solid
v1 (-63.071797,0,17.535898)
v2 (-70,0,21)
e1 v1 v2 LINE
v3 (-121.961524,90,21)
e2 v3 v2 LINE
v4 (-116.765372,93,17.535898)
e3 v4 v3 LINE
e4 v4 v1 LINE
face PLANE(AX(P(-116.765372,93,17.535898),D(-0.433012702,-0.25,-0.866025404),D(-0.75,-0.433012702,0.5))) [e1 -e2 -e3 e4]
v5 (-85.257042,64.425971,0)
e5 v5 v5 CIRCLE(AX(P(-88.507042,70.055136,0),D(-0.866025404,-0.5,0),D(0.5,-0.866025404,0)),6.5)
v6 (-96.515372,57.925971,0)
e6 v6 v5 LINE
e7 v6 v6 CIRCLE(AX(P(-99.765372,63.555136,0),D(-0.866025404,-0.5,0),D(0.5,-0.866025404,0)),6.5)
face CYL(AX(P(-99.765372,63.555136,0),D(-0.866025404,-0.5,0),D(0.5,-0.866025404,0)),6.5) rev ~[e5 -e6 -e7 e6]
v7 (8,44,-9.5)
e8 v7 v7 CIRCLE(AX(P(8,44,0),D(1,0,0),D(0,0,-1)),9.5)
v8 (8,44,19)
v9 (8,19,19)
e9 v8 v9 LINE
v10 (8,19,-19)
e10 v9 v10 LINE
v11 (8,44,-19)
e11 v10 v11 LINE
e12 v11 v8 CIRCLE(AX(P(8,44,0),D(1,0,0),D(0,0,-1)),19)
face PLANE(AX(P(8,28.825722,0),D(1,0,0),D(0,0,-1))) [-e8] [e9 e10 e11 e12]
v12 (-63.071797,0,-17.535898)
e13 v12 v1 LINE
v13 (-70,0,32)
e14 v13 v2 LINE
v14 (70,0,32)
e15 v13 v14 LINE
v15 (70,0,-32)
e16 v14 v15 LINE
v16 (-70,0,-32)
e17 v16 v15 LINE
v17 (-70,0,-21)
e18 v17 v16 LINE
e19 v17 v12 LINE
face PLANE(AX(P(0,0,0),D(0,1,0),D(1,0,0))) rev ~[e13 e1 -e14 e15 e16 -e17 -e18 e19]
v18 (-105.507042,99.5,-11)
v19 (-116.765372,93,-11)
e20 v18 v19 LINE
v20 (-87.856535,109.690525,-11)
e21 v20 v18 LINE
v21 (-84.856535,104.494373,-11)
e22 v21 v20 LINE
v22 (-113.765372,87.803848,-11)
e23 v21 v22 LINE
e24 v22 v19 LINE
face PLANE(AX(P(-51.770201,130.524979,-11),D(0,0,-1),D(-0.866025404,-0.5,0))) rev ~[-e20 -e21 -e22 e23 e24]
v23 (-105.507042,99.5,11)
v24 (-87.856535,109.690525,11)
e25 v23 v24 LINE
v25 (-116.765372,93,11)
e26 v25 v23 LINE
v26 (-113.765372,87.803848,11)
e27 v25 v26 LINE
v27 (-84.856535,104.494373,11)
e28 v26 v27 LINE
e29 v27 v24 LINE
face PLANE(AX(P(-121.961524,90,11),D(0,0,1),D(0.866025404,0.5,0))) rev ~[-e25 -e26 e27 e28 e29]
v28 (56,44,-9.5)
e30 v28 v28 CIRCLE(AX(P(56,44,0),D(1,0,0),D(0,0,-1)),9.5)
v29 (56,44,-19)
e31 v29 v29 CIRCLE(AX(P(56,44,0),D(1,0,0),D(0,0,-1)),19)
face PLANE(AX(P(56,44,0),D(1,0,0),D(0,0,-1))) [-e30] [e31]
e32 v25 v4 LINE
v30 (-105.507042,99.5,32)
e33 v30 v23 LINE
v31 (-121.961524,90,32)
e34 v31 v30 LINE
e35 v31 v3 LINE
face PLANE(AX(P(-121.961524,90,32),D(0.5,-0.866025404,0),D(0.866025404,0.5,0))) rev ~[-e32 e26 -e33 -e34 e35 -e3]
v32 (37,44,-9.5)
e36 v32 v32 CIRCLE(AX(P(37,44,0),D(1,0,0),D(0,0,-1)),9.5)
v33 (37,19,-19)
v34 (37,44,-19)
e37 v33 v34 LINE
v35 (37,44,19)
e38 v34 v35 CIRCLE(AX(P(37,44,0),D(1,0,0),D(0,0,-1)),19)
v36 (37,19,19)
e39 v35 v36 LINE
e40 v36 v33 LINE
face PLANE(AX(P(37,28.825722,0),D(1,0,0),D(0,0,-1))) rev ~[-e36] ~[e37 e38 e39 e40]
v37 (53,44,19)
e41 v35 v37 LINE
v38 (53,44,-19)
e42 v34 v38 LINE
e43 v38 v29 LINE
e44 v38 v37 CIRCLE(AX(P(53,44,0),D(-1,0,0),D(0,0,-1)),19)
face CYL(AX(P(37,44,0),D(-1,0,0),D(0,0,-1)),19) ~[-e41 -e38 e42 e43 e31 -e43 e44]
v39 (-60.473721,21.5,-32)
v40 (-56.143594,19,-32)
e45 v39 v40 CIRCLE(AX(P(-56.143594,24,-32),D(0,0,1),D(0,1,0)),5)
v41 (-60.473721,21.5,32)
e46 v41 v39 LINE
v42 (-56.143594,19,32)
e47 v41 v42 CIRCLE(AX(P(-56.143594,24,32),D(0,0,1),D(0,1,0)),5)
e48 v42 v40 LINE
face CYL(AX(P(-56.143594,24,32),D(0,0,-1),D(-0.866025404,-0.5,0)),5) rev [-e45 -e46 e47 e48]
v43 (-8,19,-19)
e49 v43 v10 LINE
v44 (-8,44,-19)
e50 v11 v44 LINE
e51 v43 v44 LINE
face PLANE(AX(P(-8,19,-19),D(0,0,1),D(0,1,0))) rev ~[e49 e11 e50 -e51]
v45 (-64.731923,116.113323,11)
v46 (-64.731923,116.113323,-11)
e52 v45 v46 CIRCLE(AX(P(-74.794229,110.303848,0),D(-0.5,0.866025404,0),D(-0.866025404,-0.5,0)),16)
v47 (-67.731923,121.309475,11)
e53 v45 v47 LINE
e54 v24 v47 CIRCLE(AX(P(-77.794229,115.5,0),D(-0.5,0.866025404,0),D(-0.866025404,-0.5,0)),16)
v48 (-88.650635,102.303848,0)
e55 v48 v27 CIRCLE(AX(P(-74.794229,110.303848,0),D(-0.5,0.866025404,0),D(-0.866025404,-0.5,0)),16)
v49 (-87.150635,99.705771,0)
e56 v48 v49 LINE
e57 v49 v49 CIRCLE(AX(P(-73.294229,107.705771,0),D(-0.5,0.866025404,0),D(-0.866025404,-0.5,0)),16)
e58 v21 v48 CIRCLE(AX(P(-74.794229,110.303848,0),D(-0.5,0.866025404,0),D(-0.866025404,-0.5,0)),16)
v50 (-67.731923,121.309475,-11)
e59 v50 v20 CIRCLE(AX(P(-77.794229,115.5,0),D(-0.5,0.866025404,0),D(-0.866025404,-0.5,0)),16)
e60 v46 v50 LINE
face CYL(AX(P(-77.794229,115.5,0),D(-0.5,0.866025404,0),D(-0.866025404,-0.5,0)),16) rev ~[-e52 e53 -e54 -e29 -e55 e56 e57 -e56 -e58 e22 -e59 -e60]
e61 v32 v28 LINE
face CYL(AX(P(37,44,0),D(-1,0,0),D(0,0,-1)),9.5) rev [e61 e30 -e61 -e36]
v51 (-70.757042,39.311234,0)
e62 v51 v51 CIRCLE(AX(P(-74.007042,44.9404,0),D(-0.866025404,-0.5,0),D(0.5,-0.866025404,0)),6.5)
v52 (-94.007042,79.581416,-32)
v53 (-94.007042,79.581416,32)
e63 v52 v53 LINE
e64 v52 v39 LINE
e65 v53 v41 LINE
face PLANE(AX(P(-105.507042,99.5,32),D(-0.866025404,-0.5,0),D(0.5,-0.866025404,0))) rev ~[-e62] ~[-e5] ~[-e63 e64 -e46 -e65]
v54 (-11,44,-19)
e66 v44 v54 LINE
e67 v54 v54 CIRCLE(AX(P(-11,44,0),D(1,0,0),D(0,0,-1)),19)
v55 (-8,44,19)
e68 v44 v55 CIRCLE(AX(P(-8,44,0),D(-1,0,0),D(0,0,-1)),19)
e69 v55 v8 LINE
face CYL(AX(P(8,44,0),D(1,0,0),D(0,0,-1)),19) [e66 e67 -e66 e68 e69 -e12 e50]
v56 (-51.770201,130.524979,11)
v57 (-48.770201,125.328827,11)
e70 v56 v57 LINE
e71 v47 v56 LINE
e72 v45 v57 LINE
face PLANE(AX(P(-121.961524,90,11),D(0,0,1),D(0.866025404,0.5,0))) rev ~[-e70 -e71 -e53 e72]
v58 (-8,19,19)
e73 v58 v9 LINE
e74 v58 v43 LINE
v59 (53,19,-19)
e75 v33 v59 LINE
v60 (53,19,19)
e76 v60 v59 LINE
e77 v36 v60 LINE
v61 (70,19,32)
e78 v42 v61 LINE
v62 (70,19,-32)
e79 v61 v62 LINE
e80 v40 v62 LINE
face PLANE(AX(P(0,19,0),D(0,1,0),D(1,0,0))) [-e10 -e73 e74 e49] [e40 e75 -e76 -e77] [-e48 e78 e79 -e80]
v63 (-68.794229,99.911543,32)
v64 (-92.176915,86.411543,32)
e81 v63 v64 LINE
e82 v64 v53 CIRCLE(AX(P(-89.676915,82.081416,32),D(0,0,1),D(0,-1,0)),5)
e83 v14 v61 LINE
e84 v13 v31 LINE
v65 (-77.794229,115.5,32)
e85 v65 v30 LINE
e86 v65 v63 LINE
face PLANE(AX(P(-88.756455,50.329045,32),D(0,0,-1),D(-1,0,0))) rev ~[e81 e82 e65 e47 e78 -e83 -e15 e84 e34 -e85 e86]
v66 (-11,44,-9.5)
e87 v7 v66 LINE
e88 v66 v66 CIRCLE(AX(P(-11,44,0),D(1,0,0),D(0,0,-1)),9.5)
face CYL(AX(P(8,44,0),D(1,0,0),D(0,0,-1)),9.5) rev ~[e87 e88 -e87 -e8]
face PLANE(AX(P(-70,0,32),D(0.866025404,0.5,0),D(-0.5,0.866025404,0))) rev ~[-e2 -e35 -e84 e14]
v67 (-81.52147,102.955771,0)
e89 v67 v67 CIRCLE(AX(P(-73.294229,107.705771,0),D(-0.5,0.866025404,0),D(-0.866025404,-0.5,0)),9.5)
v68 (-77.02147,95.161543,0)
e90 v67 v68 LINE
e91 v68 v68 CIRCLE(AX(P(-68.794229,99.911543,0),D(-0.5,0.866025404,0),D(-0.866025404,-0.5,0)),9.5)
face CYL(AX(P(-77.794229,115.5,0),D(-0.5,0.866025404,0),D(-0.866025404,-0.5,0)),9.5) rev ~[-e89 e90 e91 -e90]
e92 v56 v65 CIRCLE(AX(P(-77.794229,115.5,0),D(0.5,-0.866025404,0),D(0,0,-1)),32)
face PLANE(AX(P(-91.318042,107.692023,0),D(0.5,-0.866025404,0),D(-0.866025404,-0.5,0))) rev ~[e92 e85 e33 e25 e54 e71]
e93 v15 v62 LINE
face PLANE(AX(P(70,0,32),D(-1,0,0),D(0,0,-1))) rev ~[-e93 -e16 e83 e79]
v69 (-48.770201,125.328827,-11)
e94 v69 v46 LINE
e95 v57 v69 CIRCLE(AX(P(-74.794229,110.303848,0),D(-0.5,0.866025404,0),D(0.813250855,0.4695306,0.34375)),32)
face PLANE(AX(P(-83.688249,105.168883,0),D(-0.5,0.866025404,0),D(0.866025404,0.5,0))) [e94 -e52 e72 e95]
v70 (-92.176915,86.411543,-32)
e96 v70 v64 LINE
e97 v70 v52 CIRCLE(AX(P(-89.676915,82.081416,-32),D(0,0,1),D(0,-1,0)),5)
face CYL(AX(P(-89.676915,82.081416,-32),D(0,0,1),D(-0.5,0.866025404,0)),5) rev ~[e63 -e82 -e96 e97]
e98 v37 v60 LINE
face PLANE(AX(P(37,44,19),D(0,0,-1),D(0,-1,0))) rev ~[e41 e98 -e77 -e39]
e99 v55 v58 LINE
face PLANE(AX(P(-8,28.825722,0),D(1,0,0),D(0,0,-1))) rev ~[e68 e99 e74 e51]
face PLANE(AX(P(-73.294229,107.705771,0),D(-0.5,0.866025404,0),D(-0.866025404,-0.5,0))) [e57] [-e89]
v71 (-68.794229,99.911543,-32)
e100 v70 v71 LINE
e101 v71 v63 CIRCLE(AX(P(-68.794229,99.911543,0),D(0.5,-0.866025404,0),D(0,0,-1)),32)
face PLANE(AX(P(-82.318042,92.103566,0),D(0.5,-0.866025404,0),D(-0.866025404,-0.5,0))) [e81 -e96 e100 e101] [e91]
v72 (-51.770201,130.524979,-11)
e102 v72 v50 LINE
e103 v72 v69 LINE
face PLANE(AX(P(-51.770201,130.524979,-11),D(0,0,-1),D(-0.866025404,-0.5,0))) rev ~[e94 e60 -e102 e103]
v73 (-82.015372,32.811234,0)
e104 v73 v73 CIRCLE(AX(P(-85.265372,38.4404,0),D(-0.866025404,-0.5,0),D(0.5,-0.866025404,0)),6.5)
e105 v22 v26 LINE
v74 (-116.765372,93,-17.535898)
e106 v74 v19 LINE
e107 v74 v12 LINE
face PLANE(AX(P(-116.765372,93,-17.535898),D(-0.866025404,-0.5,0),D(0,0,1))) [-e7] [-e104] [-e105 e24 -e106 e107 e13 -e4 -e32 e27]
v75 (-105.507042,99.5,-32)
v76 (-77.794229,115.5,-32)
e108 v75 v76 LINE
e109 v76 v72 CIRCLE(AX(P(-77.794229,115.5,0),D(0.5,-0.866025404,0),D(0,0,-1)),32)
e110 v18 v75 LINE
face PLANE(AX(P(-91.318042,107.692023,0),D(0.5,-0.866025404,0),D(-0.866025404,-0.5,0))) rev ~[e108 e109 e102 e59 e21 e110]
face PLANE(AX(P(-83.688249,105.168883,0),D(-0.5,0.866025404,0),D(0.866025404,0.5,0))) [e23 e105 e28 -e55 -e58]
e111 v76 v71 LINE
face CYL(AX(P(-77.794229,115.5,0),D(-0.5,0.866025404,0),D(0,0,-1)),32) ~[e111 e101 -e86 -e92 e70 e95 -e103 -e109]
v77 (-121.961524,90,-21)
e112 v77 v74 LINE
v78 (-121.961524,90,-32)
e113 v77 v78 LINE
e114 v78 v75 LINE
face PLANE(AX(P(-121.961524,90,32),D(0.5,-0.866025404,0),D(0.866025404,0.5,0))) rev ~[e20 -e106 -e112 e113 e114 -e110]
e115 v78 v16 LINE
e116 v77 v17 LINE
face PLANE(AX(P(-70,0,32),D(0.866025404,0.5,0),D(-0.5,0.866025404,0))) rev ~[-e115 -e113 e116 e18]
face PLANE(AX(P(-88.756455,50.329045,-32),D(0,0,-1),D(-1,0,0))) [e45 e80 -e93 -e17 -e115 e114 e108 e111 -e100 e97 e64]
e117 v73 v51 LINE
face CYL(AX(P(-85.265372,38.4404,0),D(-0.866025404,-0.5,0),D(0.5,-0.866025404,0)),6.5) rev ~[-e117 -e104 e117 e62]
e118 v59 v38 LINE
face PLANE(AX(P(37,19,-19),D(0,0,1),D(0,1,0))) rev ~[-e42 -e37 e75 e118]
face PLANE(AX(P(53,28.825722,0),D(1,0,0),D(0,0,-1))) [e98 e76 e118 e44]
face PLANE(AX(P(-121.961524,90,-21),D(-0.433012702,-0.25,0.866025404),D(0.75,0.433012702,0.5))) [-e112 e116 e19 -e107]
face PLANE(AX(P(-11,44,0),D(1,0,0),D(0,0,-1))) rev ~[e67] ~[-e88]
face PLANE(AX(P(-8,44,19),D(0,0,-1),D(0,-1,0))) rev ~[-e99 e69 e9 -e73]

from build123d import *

# Parameters (mm, degrees)
CROQUIS1_W              = 140
CROQUIS1_H              = 64
SALIENTE_EXTRUIR1_DEPTH = 19
CROQUIS2_R              = 19
CROQUIS2_R_2            = 9.5
SALIENTE_EXTRUIR2_DEPTH = 19
SALIENTE_EXTRUIR3_DEPTH = 16
CROQUIS5_R              = 19
CROQUIS5_R_2            = 9.5
SALIENTE_EXTRUIR4_DEPTH = 19
SALIENTE_EXTRUIR5_START = -16
SALIENTE_EXTRUIR5_DEPTH = 16
SALIENTE_EXTRUIR6_DEPTH = 64
SALIENTE_EXTRUIR9_DEPTH = 18
CROQUIS14_R             = 16
CORTAR_EXTRUIR1_DEPTH   = 9
CROQUIS16_R             = 9.5
CORTAR_EXTRUIR2_DEPTH   = 19
CORTAR_EXTRUIR3_DEPTH   = 6
CORTAR_EXTRUIR4_DEPTH   = 187.944448389
CROQUIS19_R             = 6.5
CORTAR_EXTRUIR5_DEPTH   = 200.23943884
REDONDEO1_R             = 5


with BuildPart() as part:
    # Croquis1 → Saliente-Extruir1 (new body)
    with BuildSketch(Plane(origin=(0, 0, 0), x_dir=(1, 0, 0), z_dir=(0, 1, 0))):
        Rectangle(CROQUIS1_W, CROQUIS1_H)
    extrude(amount=SALIENTE_EXTRUIR1_DEPTH)



with BuildPart() as body_2:
    # Croquis2 → Saliente-Extruir2 (new body)
    with BuildSketch(Plane(origin=(37, 0, 0), x_dir=(0, 0, -1), z_dir=(1, 0, 0))):
        with Locations((0, 44)):
            Circle(CROQUIS2_R)
        with Locations((0, 44)):
            Circle(CROQUIS2_R_2, mode=Mode.SUBTRACT)
    extrude(amount=SALIENTE_EXTRUIR2_DEPTH)


with BuildPart() as part_1:
    add(part.part)

    add(body_2.part)  # Saliente-Extruir3 merges body 2
    # Croquis4 → Saliente-Extruir3 (add)
    with BuildSketch(Plane(origin=(37, 0, 0), x_dir=(0, 0, -1), z_dir=(1, 0, 0))):
        with BuildLine():
            ThreePointArc((19, 44), (0, 25), (-19, 44))
            Line((-19, 44), (-19, 19))
            Line((-19, 19), (19, 19))
            Line((19, 19), (19, 44))
        make_face()
    extrude(amount=SALIENTE_EXTRUIR3_DEPTH)



with BuildPart() as body_2_2:
    # Croquis5 → Saliente-Extruir4 (new body)
    with BuildSketch(Plane(origin=(8, 0, 0), x_dir=(0, 0, -1), z_dir=(1, 0, 0))):
        with Locations((0, 44)):
            Circle(CROQUIS5_R)
        with Locations((0, 44)):
            Circle(CROQUIS5_R_2, mode=Mode.SUBTRACT)
    extrude(amount=-SALIENTE_EXTRUIR4_DEPTH)


with BuildPart() as part_2:
    add(part_1.part)

    add(body_2_2.part)  # Saliente-Extruir5 merges body 2 2
    # Croquis6 → Saliente-Extruir5 (add)
    with BuildSketch(Plane(origin=(8, 0, 0), x_dir=(0, 0, -1), z_dir=(1, 0, 0)).offset(SALIENTE_EXTRUIR5_START)):
        with BuildLine():
            Line((19, 19), (19, 44))
            ThreePointArc((19, 44), (0, 25), (-19, 44))
            Line((-19, 44), (-19, 19))
            Line((-19, 19), (19, 19))
        make_face()
    extrude(amount=SALIENTE_EXTRUIR5_DEPTH)

    # Croquis7 → Saliente-Extruir6 (add)
    with BuildSketch(Plane.XY.offset(32)):
        Polygon((-70, 0), (-121.961524227, 90), (-105.507041555, 99.5), (-59.030344885, 19), (-70, 19), align=None)
    extrude(amount=-SALIENTE_EXTRUIR6_DEPTH)

    # Croquis9 → Saliente-Extruir9 (add)
    with BuildSketch(Plane(origin=(-69.461524227, 120.310889132, 0), x_dir=(0.8660254037844397, 0.4999999999999982, 0), z_dir=(-0.4999999999999983, 0.8660254037844398, 0))):
        with BuildLine():
            Line((-60.621778265, 32), (-9.621778265, 32))
            ThreePointArc((-9.621778265, 32), (22.378221735, 0), (-9.621778265, -32))
            Line((-9.621778265, -32), (-60.621778265, -32))
            Line((-60.621778265, -32), (-60.621778265, 32))
        make_face()
    extrude(amount=-SALIENTE_EXTRUIR9_DEPTH)

    # Croquis14 → Cortar-Extruir1 (cut)
    with BuildSketch(Plane(origin=(-69.461524227, 120.310889132, 0), x_dir=(0.8660254037844397, 0.4999999999999982, 0), z_dir=(-0.4999999999999983, 0.8660254037844398, 0))):
        with Locations(Location((-9.621778265, 0, 0), (0, 0, 180))):
            Circle(CROQUIS14_R)
    extrude(amount=-CORTAR_EXTRUIR1_DEPTH, mode=Mode.SUBTRACT)

    # Croquis16 → Cortar-Extruir2 (cut)
    with BuildSketch(Plane(origin=(-69.461524227, 120.310889132, 0), x_dir=(0.8660254037844397, 0.4999999999999982, 0), z_dir=(-0.4999999999999983, 0.8660254037844398, 0))):
        with Locations(Location((-9.621778265, 0, 0), (0, 0, 180))):
            Circle(CROQUIS16_R)
    extrude(amount=-CORTAR_EXTRUIR2_DEPTH, mode=Mode.SUBTRACT)

    # Croquis17 → Cortar-Extruir3 (cut)
    with BuildSketch(Plane(origin=(-69.461524227, 120.310889132, 0), x_dir=(0.8660254037844397, 0.4999999999999982, 0), z_dir=(-0.4999999999999983, 0.8660254037844398, 0))):
        with BuildLine():
            Line((-60.621778265, -11), (20.428180138, -11))
            ThreePointArc((20.428180138, -11), (22.378221735, 0), (20.428180138, 11))
            Line((20.428180138, 11), (-60.621778265, 11))
            Line((-60.621778265, 11), (-60.621778265, -11))
        make_face()
    extrude(amount=-CORTAR_EXTRUIR3_DEPTH, mode=Mode.SUBTRACT)

    # Croquis18 → Cortar-Extruir4 (cut, through all)
    with BuildSketch(Plane(origin=(-69.461524227, 120.310889132, 0), x_dir=(0.8660254037844397, 0.4999999999999982, 0), z_dir=(-0.4999999999999983, 0.8660254037844398, 0))):
        Polygon((-60.621778265, 21), (-54.621778265, 17.535898385), (-54.621778265, -17.535898385), (-60.621778265, -21), align=None)
    extrude(amount=-CORTAR_EXTRUIR4_DEPTH, mode=Mode.SUBTRACT)

    # Croquis19 → Cortar-Extruir5 (cut, through all)
    with BuildSketch(Plane(origin=(-47.303847577, -27.310889132, 0), x_dir=(0, 0, 1), z_dir=(-0.8660254037844396, -0.4999999999999983, 0))):
        with Locations(Location((0, 104.923048454, 0), (0, 0, 270))):
            Circle(CROQUIS19_R)
        with Locations(Location((0, 75.923048454, 0), (0, 0, 270))):
            Circle(CROQUIS19_R)
    extrude(amount=-CORTAR_EXTRUIR5_DEPTH, mode=Mode.SUBTRACT)

    # Redondeo1
    redondeo1_edges = [part_2.edges().sort_by_distance(p)[0] for p in [
        (-59.030344885, 19, 0),
        (-96.507041555, 83.911542732, 0),
    ]]
    fillet(redondeo1_edges, radius=REDONDEO1_R)


solid = part_2.part
